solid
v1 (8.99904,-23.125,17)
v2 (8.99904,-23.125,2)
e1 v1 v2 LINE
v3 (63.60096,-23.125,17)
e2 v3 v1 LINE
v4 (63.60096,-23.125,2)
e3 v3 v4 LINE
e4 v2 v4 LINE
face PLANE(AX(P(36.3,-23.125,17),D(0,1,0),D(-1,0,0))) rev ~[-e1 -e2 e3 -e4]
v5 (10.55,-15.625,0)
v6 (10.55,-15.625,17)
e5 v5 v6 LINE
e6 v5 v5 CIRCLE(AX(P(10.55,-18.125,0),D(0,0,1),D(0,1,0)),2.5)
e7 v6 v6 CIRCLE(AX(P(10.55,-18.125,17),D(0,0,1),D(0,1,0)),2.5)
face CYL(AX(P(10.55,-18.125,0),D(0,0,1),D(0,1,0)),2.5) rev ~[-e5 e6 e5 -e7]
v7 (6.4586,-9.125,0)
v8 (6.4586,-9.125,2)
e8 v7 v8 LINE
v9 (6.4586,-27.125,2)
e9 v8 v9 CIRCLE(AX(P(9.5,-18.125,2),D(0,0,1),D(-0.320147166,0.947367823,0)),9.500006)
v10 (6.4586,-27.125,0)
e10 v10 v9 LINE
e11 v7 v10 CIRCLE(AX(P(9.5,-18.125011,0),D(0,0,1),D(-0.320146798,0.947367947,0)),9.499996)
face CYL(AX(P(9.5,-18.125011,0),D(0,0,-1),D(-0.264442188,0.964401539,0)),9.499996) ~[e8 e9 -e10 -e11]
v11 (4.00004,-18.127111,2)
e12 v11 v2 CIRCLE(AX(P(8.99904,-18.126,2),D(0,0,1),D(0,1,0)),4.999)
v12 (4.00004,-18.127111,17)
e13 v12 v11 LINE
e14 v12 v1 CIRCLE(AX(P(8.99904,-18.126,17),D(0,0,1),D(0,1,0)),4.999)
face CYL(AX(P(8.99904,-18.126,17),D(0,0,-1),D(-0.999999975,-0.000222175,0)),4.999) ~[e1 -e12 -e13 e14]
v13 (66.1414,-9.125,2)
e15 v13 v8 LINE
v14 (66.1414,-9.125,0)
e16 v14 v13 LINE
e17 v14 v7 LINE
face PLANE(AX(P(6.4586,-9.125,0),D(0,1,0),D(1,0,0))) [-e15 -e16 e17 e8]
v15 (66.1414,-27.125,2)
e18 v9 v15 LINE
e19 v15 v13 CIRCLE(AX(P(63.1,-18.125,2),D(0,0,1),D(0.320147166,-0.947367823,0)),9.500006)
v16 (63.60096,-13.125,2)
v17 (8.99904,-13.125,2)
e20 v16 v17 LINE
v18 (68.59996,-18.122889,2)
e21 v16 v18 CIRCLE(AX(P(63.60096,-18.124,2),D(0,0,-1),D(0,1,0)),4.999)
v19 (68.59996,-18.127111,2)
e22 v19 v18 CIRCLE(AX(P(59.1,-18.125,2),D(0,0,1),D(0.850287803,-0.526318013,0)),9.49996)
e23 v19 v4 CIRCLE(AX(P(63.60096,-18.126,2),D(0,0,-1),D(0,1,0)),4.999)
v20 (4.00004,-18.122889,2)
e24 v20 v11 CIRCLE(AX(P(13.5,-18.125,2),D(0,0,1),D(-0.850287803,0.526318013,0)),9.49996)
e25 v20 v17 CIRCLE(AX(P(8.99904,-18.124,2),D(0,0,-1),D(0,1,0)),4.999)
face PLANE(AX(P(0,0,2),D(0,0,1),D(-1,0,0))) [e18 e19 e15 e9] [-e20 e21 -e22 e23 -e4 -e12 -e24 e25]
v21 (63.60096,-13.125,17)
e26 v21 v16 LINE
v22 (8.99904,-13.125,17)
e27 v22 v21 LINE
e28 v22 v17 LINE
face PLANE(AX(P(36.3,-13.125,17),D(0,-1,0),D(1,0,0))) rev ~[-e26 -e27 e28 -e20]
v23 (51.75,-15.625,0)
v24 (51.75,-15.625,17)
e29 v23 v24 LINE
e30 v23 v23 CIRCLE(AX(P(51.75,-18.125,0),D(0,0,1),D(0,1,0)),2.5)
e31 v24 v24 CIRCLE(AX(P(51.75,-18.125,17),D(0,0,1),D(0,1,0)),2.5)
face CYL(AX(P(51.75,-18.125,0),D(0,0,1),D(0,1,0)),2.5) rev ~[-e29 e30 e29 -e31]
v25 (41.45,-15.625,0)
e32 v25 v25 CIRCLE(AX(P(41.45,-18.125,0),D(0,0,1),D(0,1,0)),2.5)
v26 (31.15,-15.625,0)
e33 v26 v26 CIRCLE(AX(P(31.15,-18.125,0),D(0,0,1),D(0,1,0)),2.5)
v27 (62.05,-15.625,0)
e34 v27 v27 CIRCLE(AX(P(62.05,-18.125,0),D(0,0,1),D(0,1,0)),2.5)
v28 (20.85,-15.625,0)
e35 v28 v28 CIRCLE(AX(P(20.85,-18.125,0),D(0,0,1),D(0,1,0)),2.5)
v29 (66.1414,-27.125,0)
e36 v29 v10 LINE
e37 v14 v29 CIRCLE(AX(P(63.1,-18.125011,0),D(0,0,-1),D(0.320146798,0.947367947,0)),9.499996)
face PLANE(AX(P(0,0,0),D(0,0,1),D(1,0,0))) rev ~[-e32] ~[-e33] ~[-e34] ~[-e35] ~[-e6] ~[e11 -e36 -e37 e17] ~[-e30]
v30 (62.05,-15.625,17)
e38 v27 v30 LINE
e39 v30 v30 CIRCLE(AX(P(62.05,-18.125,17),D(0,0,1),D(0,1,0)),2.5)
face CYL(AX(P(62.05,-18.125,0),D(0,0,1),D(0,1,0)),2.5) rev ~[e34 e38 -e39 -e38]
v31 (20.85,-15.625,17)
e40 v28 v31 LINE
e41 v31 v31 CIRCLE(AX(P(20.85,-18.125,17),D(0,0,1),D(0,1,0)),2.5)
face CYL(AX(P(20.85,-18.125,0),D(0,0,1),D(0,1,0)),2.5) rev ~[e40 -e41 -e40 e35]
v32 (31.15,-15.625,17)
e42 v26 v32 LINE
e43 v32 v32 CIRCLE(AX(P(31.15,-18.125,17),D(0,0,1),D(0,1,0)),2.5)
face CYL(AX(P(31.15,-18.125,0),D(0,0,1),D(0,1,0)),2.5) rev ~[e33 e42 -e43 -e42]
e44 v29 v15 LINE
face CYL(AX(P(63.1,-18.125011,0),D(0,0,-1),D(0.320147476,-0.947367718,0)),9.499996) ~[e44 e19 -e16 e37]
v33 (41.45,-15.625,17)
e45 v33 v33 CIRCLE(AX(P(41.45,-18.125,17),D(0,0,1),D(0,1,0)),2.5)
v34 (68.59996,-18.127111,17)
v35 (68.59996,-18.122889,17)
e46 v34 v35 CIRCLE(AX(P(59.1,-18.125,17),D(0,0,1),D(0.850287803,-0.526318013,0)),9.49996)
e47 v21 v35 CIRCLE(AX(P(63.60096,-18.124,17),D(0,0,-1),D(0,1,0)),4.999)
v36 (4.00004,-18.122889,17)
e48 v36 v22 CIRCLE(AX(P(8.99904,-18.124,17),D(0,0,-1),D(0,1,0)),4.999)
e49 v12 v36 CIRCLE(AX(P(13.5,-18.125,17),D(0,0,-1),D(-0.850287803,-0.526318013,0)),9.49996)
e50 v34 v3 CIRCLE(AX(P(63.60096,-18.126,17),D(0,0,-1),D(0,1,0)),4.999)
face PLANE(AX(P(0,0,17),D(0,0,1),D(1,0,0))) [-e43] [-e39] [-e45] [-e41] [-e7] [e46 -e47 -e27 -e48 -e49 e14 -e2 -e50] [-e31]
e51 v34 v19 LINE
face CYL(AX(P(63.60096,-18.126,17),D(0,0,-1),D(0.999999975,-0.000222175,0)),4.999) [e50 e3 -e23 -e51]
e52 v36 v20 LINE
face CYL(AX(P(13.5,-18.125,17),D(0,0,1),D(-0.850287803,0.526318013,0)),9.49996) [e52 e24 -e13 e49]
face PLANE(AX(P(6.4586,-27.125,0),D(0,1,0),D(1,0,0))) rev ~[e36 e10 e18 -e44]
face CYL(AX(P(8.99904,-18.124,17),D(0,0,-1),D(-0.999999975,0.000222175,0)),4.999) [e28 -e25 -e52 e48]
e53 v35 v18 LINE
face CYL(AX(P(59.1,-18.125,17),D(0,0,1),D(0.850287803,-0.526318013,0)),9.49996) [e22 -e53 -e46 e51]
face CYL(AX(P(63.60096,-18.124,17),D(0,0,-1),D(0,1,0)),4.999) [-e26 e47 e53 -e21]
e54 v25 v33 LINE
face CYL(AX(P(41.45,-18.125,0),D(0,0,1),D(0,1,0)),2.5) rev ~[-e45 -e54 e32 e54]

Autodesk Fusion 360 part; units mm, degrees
sketch "スケッチ1" plane through (0, 0, 0) normal (0, 0, 1) x (1, 0, 0)
  line L0 (0, 0) -> (72.6, 0)
  line L1 (72.6, 0) -> (72.6, -36.25)
  line L2 (72.6, -36.25) -> (0, -36.25)
  line L3 (0, -36.25) -> (0, 0)
  line L4 (36.3, 0) -> (36.3, -36.25)
  line L5 (0, -18.125) -> (72.6, -18.125)
  line L6 (72.6, -8.625) -> (72.6, -26.625)
  line L7 (58.3, -36.25) -> (14.3, -36.25)
  line L8 (0, -9.125) -> (0, -27.125)
  line L9 (0, -18.125) -> (9.5, -18.125)
  line L10 (0, -9.125) -> (6.4586, -9.125)
  line L11 (0, -27.125) -> (4.6488, -27.125)
  line L12 (6.4586, -9.125) -> (36.3, 0)
  line L13 (14.3, -36.25) -> (12.3, -36.25)
  line L14 (12.3, -36.25) -> (2.2204, -24.2289)
  line L15 (36.3, -18.125) -> (36.3, -32.425)
  line L16 (36.3, -18.125) -> (36.3, -3.825)
  line L17 (66.1414, -9.125) -> (36.3, 0)
  line L18 (60.3, -36.25) -> (70.3796, -24.2289)
  line L19 (58.3, -36.25) -> (60.3, -36.25)
  line L20 (6.4586, -27.125) -> (66.1414, -27.125)
  line L21 (6.4586, -9.125) -> (66.1414, -9.125)
  arc A0 (6.9878, -8.9632) -> (6.4586, -27.125) centre (9.5, -18.125) ccw
  arc A1 (66.1414, -27.125) -> (65.6122, -8.9632) centre (63.1, -18.125) ccw
  circle A2 centre (14.3, -32.425) radius 1.75
  circle A3 centre (36.3, -3.825) radius 1.75
  circle A4 centre (58.3, -32.425) radius 1.75
  circle A5 centre (32.3, -32.425) radius 1
  circle A6 centre (40.3, -32.425) radius 1
  point P0 (36.3, -18.125)
  point P1 (36.3, -3.825)
  point P2 (14.3, -32.425)
  point P3 (58.3, -32.425)
  point P4 (40.3, -32.425)
  point P5 (40.3, -32.425)
  point P6 (32.3, -32.425)
  dimension "d5" = 72.6
  dimension "d6" = 36.25
  dimension "d10" = 44
  dimension "d11" = 9
  dimension "d12" = 18
  dimension "d13" = 9.5
  dimension "d14" = 2
  dimension "d15" = 14.3
  dimension "d16" = 22
  dimension "d17" = 14.3
  dimension "d18" = 3.5
  dimension "d19" = 3.5
  dimension "d20" = 3.5
  dimension "d21" = 4
  dimension "d24" = 2
  dimension "d25" = 2
extrude "押し出し2" add sketch "スケッチ1" along normal blind 17 contours L4 L5 L9 L16 L21 A0 | L4 L5 L9 L15 L20 A0 | L4 L5 L16 L21 A1 | L4 L5 L15 L20 A1
sketch "スケッチ3" plane through (0, 0, 0) normal (0, 0, -1) x (1, 0, 0)
  arc A0 (6.4586, 27.125) -> (6.4586, 9.125) centre (9.5, 18.125) ccw
  line L0 (6.4586, 9.125) -> (66.1414, 9.125)
  arc A1 (66.1414, 9.125) -> (66.1414, 27.125) centre (63.1, 18.125) ccw
  line L1 (66.1414, 27.125) -> (6.4586, 27.125)
  line L2 (72.6, 18.125) -> (0, 18.125)
  line L3 (72.6, 18.125) -> (36.3, 18.125)
  line L4 (36.3, 18.125) -> (31.15, 18.125)
  line L5 (31.15, 18.125) -> (20.85, 18.125)
  line L6 (20.85, 18.125) -> (10.55, 18.125)
  line L7 (36.3, 18.125) -> (36.3, 27.125)
  point P0 (36.3, 18.125)
  point P1 (31.15, 18.125)
  point P2 (20.85, 18.125)
  point P3 (10.55, 18.125)
  point P4 (41.45, 18.125)
  point P5 (51.75, 18.125)
  point P6 (62.05, 18.125)
  dimension "d32" = 5.15
  dimension "d33" = 10.3
  dimension "d34" = 10.3
hole "穴1" at (62.05, -18.125, 0) at (51.75, -18.125, 0) at (41.45, -18.125, 0) at (31.15, -18.125, 0) at (20.85, -18.125, 0) at (10.55, -18.125, 0) direction (0, 0, 1) diameter 5 depth 23 tip angle 180
sketch "スケッチ4" plane through (0, 0, 17) normal (0, 0, 1) x (-1, 0, 0)
  circle A0 centre (-20.85, 18.125) radius 2.5
  circle A1 centre (-41.45, 18.125) radius 2.5
  circle A2 centre (-62.05, 18.125) radius 2.5
  circle A3 centre (-51.75, 18.125) radius 2.5
  circle A4 centre (-31.15, 18.125) radius 2.5
  circle A5 centre (-10.55, 18.125) radius 2.5
  arc A6 (-6.4586, 9.125) -> (-6.4586, 27.125) centre (-9.5, 18.125) ccw
  line L0 (-6.4586, 27.125) -> (-66.1414, 27.125)
  arc A7 (-66.1414, 27.125) -> (-66.1414, 9.125) centre (-63.1, 18.125) ccw
  line L1 (-66.1414, 9.125) -> (-6.4586, 9.125)
  line L2 (0, 18.125) -> (-4, 18.125)
  line L3 (-36.3, 13.125) -> (-5.4223, 13.125)
  line L4 (-4, 18.125) -> (-13.5, 18.125)
  line L5 (-36.3, 23.125) -> (-5.4223, 23.125)
  line L6 (-36.3, 23.125) -> (-36.3, 27.125)
  arc A8 (-5.4223, 13.125) -> (-5.4223, 23.125) centre (-13.5, 18.125) ccw
  line L7 (-36.3, 13.125) -> (-67.1777, 13.125)
  arc A9 (-67.1777, 23.125) -> (-67.1777, 13.125) centre (-59.1, 18.125) ccw
  line L8 (-36.3, 23.125) -> (-67.1777, 23.125)
  line L9 (-36.3, 23.125) -> (-36.3, 13.125)
  line L10 (-31.15, 18.125) -> (-41.45, 18.125)
  point P0 (-68.6, 18.125)
  dimension "d39" = 9.5
  dimension "d40" = 4
  dimension "d45" = 4
  dimension "d46" = 5
  dimension "d47" = 9.5
  dimension "d48" = 10.3
extrude "押し出し3" cut sketch "スケッチ4" against normal blind 15 contours A6 L0 L2 L5 L6 A8 | A6 L0 A7 L1 L2 L3 L6 A8 L7 A9 L8
fillet "フィレット2" radius 5 4 edges at (5.4223, -23.125, 9.5) (5.4223, -13.125, 9.5) (67.1777, -13.125, 9.5) (67.1777, -23.125, 9.5)
